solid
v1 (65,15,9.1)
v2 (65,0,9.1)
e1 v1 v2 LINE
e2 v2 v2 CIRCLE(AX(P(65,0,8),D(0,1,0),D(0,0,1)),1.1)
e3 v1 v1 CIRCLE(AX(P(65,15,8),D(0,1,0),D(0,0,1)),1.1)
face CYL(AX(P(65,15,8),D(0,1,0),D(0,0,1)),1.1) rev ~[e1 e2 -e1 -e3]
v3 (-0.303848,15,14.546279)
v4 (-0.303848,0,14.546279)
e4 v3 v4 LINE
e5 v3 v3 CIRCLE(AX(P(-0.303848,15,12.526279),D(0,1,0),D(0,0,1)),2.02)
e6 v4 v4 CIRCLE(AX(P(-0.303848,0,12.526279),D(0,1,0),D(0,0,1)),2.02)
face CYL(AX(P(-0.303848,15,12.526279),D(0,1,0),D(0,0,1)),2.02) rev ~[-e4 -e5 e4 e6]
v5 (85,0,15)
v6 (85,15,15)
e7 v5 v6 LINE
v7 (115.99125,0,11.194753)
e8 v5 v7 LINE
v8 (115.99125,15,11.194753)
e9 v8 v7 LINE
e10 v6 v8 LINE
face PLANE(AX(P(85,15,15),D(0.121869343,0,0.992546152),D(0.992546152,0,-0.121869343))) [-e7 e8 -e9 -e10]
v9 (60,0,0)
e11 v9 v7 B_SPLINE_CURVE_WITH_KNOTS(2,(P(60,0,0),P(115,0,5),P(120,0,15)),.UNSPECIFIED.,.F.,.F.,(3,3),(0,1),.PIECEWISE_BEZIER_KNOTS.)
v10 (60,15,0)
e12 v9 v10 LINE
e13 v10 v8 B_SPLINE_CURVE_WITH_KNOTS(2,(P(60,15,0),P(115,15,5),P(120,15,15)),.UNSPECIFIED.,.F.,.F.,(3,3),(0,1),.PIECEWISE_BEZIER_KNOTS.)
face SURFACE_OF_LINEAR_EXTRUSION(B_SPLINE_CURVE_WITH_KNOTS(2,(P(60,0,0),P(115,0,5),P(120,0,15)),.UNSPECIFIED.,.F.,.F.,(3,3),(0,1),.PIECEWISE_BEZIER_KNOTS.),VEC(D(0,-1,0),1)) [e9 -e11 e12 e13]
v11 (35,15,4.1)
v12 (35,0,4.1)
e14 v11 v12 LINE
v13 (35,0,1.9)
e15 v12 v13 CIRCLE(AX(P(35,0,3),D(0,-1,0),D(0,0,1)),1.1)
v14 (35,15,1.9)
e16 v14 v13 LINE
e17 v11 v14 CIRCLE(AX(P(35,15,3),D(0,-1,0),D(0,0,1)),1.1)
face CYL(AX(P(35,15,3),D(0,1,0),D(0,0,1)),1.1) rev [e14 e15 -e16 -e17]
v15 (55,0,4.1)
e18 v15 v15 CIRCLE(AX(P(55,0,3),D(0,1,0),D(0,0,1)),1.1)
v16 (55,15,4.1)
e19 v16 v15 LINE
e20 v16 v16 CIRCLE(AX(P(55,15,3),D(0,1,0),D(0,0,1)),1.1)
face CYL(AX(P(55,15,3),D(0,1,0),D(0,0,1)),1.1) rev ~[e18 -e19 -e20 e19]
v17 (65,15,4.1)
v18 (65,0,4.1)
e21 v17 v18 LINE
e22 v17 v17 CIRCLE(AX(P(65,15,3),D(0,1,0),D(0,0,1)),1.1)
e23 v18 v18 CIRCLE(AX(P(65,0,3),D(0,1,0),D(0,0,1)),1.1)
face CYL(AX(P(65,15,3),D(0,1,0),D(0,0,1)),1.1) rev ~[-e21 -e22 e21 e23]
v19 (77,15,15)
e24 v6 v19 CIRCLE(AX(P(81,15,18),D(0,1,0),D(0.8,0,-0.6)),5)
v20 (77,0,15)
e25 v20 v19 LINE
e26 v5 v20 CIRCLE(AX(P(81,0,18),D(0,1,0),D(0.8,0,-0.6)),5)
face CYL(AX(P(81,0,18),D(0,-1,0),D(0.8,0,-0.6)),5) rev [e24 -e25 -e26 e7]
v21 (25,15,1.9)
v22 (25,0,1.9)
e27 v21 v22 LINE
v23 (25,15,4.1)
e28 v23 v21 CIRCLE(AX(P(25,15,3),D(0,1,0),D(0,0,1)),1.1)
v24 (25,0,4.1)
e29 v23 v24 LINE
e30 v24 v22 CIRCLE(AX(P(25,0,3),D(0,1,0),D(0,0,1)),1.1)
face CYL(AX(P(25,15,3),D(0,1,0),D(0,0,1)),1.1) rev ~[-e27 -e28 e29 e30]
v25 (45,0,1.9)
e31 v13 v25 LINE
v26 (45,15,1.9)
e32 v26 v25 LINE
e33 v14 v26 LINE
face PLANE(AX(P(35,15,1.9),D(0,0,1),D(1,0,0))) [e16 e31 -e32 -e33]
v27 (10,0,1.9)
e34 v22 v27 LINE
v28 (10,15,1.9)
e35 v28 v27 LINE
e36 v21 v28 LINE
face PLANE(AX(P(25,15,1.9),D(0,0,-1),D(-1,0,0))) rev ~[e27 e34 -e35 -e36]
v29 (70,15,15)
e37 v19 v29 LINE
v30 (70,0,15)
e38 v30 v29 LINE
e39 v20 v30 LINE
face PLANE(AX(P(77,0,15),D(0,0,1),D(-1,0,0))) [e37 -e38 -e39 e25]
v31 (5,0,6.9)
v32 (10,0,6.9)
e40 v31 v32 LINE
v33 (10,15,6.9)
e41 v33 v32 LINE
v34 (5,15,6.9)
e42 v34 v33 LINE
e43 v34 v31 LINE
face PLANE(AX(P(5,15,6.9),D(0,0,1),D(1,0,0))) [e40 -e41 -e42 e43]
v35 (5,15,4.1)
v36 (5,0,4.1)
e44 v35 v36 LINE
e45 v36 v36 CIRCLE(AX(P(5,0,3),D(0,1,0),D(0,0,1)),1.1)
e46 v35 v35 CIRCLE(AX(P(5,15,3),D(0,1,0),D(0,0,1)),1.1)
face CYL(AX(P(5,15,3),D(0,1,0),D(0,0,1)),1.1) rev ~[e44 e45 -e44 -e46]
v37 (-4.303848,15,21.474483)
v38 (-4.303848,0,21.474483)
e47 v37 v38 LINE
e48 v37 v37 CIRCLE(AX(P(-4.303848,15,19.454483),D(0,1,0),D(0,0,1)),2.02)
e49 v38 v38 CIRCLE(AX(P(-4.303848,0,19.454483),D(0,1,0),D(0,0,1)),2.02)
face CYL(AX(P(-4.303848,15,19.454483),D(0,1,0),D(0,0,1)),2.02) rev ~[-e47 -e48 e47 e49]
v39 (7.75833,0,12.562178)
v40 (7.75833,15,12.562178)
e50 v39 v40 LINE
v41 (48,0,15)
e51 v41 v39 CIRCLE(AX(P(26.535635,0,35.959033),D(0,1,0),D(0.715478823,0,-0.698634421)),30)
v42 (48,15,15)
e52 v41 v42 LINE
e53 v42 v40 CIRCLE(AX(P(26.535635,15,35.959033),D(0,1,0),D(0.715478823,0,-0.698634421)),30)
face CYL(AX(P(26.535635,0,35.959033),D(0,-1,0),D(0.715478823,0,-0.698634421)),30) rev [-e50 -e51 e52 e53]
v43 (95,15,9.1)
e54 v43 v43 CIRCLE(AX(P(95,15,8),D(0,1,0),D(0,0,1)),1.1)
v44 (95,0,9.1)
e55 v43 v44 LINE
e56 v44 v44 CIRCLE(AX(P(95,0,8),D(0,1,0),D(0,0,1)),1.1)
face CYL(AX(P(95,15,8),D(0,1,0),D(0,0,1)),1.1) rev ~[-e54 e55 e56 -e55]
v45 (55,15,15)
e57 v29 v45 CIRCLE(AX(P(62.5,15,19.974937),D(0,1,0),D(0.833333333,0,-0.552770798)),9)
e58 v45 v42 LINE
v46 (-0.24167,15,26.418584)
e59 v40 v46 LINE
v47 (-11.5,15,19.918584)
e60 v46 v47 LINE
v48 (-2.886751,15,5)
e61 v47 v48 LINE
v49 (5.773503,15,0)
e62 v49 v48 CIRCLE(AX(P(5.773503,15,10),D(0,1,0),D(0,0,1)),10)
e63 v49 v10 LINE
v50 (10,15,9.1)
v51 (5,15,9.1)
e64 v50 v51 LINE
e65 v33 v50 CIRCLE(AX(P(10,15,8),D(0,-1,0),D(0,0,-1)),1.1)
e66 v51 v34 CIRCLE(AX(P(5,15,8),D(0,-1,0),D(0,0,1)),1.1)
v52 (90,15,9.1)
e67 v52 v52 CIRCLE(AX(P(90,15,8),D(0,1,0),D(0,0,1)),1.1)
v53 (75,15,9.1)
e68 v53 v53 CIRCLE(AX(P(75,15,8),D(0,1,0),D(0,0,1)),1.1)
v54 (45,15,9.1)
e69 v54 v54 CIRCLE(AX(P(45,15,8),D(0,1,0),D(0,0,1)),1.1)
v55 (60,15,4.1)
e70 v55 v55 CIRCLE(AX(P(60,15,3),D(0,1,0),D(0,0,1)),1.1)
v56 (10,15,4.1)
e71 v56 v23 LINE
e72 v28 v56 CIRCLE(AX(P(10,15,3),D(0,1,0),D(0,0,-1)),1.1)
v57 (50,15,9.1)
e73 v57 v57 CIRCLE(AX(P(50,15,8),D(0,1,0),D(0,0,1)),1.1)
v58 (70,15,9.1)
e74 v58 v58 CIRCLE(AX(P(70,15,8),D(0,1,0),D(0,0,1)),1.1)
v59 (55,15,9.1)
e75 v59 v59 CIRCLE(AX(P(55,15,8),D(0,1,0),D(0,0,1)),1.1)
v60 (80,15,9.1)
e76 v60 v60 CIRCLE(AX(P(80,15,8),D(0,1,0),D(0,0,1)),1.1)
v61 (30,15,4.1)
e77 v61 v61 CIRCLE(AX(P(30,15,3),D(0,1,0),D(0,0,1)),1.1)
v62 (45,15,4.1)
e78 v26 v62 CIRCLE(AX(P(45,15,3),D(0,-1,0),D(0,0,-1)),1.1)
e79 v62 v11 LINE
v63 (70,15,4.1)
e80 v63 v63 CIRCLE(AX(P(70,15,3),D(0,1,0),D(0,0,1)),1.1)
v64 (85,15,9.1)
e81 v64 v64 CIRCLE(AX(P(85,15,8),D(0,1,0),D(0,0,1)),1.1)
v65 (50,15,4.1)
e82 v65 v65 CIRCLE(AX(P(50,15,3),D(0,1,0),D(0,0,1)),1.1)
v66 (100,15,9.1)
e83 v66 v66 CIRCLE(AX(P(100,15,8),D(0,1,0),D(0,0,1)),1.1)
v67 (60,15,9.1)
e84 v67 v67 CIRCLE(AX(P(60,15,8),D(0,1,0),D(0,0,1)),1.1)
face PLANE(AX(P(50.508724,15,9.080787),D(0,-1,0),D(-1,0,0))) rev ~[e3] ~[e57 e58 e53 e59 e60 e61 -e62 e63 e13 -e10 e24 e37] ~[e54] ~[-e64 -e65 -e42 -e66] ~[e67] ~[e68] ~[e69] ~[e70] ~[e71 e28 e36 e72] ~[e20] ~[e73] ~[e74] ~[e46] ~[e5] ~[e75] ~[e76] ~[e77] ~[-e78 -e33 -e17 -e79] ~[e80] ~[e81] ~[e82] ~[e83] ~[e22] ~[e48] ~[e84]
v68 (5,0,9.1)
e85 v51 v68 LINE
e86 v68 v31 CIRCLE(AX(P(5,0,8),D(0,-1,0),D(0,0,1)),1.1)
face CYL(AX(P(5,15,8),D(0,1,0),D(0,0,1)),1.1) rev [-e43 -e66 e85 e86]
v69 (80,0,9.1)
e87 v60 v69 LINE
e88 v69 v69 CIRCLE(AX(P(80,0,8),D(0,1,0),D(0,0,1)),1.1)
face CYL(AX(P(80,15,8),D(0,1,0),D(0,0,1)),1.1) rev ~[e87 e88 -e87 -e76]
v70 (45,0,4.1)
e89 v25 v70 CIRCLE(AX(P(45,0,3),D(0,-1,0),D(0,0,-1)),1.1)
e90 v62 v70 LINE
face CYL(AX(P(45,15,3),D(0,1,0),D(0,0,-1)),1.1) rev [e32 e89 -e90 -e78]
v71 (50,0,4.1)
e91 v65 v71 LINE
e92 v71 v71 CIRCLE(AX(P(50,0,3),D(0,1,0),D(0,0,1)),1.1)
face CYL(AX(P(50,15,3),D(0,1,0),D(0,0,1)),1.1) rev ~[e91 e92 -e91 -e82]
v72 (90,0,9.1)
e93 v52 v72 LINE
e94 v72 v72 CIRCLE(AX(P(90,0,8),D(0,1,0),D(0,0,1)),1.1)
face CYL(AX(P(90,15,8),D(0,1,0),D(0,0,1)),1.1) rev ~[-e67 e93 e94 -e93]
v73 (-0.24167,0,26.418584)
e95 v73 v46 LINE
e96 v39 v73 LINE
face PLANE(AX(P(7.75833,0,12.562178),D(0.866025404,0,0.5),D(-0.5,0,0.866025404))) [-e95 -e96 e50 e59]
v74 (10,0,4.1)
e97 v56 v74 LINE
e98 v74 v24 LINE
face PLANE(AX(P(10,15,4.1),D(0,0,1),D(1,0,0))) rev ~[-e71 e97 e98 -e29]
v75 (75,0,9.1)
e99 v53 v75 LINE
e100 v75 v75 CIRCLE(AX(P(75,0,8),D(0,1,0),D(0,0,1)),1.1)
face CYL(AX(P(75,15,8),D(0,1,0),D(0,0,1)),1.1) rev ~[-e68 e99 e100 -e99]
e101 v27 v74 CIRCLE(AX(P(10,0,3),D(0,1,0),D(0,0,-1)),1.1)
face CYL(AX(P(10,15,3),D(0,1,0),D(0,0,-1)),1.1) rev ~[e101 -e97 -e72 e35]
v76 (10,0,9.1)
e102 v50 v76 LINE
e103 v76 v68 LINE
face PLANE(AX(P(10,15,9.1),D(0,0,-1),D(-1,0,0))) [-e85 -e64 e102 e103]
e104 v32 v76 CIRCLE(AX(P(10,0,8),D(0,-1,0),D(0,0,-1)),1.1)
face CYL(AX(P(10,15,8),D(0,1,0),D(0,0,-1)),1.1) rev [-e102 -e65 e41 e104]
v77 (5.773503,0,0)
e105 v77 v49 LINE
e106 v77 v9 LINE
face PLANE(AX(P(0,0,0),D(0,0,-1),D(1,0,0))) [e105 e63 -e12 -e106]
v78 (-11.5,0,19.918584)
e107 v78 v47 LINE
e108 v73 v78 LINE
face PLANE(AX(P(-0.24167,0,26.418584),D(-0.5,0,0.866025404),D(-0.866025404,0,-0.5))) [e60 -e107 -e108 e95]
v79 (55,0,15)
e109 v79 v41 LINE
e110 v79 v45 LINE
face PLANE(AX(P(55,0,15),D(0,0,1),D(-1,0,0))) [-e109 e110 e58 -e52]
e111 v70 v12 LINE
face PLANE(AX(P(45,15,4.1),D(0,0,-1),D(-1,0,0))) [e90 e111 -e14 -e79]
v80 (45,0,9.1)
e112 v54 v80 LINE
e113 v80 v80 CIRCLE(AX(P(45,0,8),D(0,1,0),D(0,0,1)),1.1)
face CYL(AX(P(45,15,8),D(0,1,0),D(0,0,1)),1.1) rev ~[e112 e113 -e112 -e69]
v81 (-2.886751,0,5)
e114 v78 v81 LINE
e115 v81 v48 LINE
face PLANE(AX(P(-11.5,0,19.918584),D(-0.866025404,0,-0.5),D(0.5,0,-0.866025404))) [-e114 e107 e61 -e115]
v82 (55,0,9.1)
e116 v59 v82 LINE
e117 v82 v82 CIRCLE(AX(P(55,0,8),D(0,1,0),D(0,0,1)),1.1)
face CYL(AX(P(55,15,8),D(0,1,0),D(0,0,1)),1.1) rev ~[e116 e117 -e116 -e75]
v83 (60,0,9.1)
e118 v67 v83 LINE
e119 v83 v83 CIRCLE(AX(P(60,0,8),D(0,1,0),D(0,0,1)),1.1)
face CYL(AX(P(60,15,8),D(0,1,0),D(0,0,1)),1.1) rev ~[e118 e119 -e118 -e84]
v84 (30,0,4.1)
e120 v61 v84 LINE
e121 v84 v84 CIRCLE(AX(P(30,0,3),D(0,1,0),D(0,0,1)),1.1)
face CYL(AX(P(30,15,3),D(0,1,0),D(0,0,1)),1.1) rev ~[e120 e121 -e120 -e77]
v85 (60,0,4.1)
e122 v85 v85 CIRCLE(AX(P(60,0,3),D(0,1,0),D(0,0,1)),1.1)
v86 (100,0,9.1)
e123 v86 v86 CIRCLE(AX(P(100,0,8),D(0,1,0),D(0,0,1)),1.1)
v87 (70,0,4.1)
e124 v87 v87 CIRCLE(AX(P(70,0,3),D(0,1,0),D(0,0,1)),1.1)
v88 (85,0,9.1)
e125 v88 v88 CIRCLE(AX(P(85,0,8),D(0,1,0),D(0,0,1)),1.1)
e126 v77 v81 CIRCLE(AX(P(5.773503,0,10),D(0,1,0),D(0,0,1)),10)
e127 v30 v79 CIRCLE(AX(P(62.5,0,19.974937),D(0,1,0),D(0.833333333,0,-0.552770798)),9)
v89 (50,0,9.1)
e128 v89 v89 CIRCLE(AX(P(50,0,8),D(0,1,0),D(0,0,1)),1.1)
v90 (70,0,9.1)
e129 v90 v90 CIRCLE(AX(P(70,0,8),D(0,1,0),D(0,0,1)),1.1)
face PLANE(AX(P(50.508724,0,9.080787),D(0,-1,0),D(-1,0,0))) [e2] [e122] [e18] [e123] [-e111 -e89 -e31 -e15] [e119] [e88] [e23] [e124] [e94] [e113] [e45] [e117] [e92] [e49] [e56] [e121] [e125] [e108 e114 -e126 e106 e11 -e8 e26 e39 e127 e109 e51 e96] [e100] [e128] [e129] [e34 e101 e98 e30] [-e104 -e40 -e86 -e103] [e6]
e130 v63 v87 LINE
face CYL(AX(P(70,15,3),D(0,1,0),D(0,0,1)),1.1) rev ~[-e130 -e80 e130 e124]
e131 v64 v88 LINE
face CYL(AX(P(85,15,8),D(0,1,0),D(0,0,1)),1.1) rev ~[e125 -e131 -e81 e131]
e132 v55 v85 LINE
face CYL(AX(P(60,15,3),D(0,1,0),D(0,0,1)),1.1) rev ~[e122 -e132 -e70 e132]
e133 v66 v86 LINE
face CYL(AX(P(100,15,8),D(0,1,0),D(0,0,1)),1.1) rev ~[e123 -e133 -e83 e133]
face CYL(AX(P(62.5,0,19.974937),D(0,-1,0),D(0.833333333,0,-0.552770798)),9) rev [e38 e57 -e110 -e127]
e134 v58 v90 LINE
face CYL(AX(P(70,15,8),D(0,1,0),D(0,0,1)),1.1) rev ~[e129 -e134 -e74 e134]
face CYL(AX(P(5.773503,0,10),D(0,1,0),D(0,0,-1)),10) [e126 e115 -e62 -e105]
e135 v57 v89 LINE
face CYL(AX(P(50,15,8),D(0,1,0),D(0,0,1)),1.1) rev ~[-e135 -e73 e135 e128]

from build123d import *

# Parameters (mm, degrees)
EXTRUDE_1_DEPTH     = 15
SKETCH_2_R          = 1.1
SKETCH_2_R_2        = 2.02
CUT_EXTRUDE_1_DEPTH = 15
CUT_EXTRUDE_2_REACH = 125.786
FILLET_1_R          = 10


with BuildPart() as part:
    # 草图1 → 凸台-拉伸1 (new body)
    with BuildSketch(Plane(origin=(0, 0, 0), x_dir=(1, 0, 0), z_dir=(0, 1, 0))):
        with BuildLine():
            Line((0, 0), (60, 0))
            add(Edge.make_bspline(
                [(60, 0), (115, -5), (120, -15)],
                knots=[0, 0, 0, 1, 1, 1], degree=2))
            Line((120, -15), (85, -15))
            ThreePointArc((85, -15), (81, -13), (77, -15))
            Line((77, -15), (70, -15))
            ThreePointArc((70, -15), (62.5, -10.974937186), (55, -15))
            Line((55, -15), (48, -15))
            ThreePointArc((48, -15), (28.349696115, -6.013929798), (7.758330249, -12.562177826))
            Line((7.758330249, -12.562177826), (-0.241669751, -26.418584287))
            Line((-0.241669751, -26.418584287), (-11.5, -19.918584287))
            Line((-11.5, -19.918584287), (0, 0))
        make_face()
    extrude(amount=EXTRUDE_1_DEPTH)

    # 草图2 → 切除-拉伸1 (cut)
    with BuildSketch(Plane(origin=(0, 15, 0), x_dir=(1, 0, 0), z_dir=(0, 1, 0))):
        with Locations(Location((5, -3, 0), (0, 0, 270))):
            Circle(SKETCH_2_R)
        with Locations(Location((30, -3, 0), (0, 0, 270))):
            Circle(SKETCH_2_R)
        with Locations(Location((55, -3, 0), (0, 0, 270))):
            Circle(SKETCH_2_R)
        with Locations(Location((60, -3, 0), (0, 0, 270))):
            Circle(SKETCH_2_R)
        with Locations(Location((45, -8, 0), (0, 0, 270))):
            Circle(SKETCH_2_R)
        with Locations(Location((50, -8, 0), (0, 0, 270))):
            Circle(SKETCH_2_R)
        with Locations(Location((55, -8, 0), (0, 0, 270))):
            Circle(SKETCH_2_R)
        with Locations(Location((60, -8, 0), (0, 0, 270))):
            Circle(SKETCH_2_R)
        with Locations(Location((65, -3, 0), (0, 0, 270))):
            Circle(SKETCH_2_R)
        with Locations(Location((65, -8, 0), (0, 0, 270))):
            Circle(SKETCH_2_R)
        with Locations(Location((70, -8, 0), (0, 0, 270))):
            Circle(SKETCH_2_R)
        with Locations(Location((75, -8, 0), (0, 0, 270))):
            Circle(SKETCH_2_R)
        with Locations(Location((70, -3, 0), (0, 0, 270))):
            Circle(SKETCH_2_R)
        with Locations(Location((-4.303847577, -19.454482672, 0), (0, 0, 270))):
            Circle(SKETCH_2_R_2)
        with Locations(Location((50, -3, 0), (0, 0, 270))):
            Circle(SKETCH_2_R)
        with Locations(Location((-0.303847577, -12.526279442, 0), (0, 0, 270))):
            Circle(SKETCH_2_R_2)
        with Locations(Location((80, -8, 0), (0, 0, 270))):
            Circle(SKETCH_2_R)
        with Locations(Location((85, -8, 0), (0, 0, 270))):
            Circle(SKETCH_2_R)
        with Locations(Location((90, -8, 0), (0, 0, 270))):
            Circle(SKETCH_2_R)
        with Locations(Location((95, -8, 0), (0, 0, 270))):
            Circle(SKETCH_2_R)
        with Locations(Location((100, -8, 0), (0, 0, 270))):
            Circle(SKETCH_2_R)
        with BuildLine():
            Line((10, -4.1), (25, -4.1))
            ThreePointArc((25, -4.1), (26.1, -3), (25, -1.9))
            Line((25, -1.9), (10, -1.9))
            ThreePointArc((10, -1.9), (8.9, -3), (10, -4.1))
        make_face()
        with BuildLine():
            Line((35, -1.9), (45, -1.9))
            ThreePointArc((45, -1.9), (46.1, -3), (45, -4.1))
            Line((45, -4.1), (35, -4.1))
            ThreePointArc((35, -4.1), (33.9, -3), (35, -1.9))
        make_face()
        with BuildLine():
            Line((5, -6.9), (10, -6.9))
            ThreePointArc((10, -6.9), (11.1, -8), (10, -9.1))
            Line((10, -9.1), (5, -9.1))
            ThreePointArc((5, -9.1), (3.9, -8), (5, -6.9))
        make_face()
    extrude(amount=-CUT_EXTRUDE_1_DEPTH, mode=Mode.SUBTRACT)

    # 草图4 → 切除-拉伸2 (cut, up to next)
    with BuildSketch(Plane(origin=(0, 15, 0), x_dir=(1, 0, 0), z_dir=(0, 1, 0)), mode=Mode.PRIVATE) as cut_extrude_2_sk1:
        Polygon((85, -15), (115.991250003, -11.194752977), (120, -11.194752977), (120, -15), align=None)
    cut_extrude_2_tool1 = extrude(cut_extrude_2_sk1.sketch, amount=-CUT_EXTRUDE_2_REACH, mode=Mode.PRIVATE) & part.part
    add(cut_extrude_2_tool1.solids().sort_by_distance((108.196013, 15, 13.601235))[0], mode=Mode.SUBTRACT)

    # 圆角1
    fillet_1_edges = [part.edges().sort_by_distance(p)[0] for p in [
        (0, 7.5, 0),
    ]]
    fillet(fillet_1_edges, radius=FILLET_1_R)


solid = part.part
